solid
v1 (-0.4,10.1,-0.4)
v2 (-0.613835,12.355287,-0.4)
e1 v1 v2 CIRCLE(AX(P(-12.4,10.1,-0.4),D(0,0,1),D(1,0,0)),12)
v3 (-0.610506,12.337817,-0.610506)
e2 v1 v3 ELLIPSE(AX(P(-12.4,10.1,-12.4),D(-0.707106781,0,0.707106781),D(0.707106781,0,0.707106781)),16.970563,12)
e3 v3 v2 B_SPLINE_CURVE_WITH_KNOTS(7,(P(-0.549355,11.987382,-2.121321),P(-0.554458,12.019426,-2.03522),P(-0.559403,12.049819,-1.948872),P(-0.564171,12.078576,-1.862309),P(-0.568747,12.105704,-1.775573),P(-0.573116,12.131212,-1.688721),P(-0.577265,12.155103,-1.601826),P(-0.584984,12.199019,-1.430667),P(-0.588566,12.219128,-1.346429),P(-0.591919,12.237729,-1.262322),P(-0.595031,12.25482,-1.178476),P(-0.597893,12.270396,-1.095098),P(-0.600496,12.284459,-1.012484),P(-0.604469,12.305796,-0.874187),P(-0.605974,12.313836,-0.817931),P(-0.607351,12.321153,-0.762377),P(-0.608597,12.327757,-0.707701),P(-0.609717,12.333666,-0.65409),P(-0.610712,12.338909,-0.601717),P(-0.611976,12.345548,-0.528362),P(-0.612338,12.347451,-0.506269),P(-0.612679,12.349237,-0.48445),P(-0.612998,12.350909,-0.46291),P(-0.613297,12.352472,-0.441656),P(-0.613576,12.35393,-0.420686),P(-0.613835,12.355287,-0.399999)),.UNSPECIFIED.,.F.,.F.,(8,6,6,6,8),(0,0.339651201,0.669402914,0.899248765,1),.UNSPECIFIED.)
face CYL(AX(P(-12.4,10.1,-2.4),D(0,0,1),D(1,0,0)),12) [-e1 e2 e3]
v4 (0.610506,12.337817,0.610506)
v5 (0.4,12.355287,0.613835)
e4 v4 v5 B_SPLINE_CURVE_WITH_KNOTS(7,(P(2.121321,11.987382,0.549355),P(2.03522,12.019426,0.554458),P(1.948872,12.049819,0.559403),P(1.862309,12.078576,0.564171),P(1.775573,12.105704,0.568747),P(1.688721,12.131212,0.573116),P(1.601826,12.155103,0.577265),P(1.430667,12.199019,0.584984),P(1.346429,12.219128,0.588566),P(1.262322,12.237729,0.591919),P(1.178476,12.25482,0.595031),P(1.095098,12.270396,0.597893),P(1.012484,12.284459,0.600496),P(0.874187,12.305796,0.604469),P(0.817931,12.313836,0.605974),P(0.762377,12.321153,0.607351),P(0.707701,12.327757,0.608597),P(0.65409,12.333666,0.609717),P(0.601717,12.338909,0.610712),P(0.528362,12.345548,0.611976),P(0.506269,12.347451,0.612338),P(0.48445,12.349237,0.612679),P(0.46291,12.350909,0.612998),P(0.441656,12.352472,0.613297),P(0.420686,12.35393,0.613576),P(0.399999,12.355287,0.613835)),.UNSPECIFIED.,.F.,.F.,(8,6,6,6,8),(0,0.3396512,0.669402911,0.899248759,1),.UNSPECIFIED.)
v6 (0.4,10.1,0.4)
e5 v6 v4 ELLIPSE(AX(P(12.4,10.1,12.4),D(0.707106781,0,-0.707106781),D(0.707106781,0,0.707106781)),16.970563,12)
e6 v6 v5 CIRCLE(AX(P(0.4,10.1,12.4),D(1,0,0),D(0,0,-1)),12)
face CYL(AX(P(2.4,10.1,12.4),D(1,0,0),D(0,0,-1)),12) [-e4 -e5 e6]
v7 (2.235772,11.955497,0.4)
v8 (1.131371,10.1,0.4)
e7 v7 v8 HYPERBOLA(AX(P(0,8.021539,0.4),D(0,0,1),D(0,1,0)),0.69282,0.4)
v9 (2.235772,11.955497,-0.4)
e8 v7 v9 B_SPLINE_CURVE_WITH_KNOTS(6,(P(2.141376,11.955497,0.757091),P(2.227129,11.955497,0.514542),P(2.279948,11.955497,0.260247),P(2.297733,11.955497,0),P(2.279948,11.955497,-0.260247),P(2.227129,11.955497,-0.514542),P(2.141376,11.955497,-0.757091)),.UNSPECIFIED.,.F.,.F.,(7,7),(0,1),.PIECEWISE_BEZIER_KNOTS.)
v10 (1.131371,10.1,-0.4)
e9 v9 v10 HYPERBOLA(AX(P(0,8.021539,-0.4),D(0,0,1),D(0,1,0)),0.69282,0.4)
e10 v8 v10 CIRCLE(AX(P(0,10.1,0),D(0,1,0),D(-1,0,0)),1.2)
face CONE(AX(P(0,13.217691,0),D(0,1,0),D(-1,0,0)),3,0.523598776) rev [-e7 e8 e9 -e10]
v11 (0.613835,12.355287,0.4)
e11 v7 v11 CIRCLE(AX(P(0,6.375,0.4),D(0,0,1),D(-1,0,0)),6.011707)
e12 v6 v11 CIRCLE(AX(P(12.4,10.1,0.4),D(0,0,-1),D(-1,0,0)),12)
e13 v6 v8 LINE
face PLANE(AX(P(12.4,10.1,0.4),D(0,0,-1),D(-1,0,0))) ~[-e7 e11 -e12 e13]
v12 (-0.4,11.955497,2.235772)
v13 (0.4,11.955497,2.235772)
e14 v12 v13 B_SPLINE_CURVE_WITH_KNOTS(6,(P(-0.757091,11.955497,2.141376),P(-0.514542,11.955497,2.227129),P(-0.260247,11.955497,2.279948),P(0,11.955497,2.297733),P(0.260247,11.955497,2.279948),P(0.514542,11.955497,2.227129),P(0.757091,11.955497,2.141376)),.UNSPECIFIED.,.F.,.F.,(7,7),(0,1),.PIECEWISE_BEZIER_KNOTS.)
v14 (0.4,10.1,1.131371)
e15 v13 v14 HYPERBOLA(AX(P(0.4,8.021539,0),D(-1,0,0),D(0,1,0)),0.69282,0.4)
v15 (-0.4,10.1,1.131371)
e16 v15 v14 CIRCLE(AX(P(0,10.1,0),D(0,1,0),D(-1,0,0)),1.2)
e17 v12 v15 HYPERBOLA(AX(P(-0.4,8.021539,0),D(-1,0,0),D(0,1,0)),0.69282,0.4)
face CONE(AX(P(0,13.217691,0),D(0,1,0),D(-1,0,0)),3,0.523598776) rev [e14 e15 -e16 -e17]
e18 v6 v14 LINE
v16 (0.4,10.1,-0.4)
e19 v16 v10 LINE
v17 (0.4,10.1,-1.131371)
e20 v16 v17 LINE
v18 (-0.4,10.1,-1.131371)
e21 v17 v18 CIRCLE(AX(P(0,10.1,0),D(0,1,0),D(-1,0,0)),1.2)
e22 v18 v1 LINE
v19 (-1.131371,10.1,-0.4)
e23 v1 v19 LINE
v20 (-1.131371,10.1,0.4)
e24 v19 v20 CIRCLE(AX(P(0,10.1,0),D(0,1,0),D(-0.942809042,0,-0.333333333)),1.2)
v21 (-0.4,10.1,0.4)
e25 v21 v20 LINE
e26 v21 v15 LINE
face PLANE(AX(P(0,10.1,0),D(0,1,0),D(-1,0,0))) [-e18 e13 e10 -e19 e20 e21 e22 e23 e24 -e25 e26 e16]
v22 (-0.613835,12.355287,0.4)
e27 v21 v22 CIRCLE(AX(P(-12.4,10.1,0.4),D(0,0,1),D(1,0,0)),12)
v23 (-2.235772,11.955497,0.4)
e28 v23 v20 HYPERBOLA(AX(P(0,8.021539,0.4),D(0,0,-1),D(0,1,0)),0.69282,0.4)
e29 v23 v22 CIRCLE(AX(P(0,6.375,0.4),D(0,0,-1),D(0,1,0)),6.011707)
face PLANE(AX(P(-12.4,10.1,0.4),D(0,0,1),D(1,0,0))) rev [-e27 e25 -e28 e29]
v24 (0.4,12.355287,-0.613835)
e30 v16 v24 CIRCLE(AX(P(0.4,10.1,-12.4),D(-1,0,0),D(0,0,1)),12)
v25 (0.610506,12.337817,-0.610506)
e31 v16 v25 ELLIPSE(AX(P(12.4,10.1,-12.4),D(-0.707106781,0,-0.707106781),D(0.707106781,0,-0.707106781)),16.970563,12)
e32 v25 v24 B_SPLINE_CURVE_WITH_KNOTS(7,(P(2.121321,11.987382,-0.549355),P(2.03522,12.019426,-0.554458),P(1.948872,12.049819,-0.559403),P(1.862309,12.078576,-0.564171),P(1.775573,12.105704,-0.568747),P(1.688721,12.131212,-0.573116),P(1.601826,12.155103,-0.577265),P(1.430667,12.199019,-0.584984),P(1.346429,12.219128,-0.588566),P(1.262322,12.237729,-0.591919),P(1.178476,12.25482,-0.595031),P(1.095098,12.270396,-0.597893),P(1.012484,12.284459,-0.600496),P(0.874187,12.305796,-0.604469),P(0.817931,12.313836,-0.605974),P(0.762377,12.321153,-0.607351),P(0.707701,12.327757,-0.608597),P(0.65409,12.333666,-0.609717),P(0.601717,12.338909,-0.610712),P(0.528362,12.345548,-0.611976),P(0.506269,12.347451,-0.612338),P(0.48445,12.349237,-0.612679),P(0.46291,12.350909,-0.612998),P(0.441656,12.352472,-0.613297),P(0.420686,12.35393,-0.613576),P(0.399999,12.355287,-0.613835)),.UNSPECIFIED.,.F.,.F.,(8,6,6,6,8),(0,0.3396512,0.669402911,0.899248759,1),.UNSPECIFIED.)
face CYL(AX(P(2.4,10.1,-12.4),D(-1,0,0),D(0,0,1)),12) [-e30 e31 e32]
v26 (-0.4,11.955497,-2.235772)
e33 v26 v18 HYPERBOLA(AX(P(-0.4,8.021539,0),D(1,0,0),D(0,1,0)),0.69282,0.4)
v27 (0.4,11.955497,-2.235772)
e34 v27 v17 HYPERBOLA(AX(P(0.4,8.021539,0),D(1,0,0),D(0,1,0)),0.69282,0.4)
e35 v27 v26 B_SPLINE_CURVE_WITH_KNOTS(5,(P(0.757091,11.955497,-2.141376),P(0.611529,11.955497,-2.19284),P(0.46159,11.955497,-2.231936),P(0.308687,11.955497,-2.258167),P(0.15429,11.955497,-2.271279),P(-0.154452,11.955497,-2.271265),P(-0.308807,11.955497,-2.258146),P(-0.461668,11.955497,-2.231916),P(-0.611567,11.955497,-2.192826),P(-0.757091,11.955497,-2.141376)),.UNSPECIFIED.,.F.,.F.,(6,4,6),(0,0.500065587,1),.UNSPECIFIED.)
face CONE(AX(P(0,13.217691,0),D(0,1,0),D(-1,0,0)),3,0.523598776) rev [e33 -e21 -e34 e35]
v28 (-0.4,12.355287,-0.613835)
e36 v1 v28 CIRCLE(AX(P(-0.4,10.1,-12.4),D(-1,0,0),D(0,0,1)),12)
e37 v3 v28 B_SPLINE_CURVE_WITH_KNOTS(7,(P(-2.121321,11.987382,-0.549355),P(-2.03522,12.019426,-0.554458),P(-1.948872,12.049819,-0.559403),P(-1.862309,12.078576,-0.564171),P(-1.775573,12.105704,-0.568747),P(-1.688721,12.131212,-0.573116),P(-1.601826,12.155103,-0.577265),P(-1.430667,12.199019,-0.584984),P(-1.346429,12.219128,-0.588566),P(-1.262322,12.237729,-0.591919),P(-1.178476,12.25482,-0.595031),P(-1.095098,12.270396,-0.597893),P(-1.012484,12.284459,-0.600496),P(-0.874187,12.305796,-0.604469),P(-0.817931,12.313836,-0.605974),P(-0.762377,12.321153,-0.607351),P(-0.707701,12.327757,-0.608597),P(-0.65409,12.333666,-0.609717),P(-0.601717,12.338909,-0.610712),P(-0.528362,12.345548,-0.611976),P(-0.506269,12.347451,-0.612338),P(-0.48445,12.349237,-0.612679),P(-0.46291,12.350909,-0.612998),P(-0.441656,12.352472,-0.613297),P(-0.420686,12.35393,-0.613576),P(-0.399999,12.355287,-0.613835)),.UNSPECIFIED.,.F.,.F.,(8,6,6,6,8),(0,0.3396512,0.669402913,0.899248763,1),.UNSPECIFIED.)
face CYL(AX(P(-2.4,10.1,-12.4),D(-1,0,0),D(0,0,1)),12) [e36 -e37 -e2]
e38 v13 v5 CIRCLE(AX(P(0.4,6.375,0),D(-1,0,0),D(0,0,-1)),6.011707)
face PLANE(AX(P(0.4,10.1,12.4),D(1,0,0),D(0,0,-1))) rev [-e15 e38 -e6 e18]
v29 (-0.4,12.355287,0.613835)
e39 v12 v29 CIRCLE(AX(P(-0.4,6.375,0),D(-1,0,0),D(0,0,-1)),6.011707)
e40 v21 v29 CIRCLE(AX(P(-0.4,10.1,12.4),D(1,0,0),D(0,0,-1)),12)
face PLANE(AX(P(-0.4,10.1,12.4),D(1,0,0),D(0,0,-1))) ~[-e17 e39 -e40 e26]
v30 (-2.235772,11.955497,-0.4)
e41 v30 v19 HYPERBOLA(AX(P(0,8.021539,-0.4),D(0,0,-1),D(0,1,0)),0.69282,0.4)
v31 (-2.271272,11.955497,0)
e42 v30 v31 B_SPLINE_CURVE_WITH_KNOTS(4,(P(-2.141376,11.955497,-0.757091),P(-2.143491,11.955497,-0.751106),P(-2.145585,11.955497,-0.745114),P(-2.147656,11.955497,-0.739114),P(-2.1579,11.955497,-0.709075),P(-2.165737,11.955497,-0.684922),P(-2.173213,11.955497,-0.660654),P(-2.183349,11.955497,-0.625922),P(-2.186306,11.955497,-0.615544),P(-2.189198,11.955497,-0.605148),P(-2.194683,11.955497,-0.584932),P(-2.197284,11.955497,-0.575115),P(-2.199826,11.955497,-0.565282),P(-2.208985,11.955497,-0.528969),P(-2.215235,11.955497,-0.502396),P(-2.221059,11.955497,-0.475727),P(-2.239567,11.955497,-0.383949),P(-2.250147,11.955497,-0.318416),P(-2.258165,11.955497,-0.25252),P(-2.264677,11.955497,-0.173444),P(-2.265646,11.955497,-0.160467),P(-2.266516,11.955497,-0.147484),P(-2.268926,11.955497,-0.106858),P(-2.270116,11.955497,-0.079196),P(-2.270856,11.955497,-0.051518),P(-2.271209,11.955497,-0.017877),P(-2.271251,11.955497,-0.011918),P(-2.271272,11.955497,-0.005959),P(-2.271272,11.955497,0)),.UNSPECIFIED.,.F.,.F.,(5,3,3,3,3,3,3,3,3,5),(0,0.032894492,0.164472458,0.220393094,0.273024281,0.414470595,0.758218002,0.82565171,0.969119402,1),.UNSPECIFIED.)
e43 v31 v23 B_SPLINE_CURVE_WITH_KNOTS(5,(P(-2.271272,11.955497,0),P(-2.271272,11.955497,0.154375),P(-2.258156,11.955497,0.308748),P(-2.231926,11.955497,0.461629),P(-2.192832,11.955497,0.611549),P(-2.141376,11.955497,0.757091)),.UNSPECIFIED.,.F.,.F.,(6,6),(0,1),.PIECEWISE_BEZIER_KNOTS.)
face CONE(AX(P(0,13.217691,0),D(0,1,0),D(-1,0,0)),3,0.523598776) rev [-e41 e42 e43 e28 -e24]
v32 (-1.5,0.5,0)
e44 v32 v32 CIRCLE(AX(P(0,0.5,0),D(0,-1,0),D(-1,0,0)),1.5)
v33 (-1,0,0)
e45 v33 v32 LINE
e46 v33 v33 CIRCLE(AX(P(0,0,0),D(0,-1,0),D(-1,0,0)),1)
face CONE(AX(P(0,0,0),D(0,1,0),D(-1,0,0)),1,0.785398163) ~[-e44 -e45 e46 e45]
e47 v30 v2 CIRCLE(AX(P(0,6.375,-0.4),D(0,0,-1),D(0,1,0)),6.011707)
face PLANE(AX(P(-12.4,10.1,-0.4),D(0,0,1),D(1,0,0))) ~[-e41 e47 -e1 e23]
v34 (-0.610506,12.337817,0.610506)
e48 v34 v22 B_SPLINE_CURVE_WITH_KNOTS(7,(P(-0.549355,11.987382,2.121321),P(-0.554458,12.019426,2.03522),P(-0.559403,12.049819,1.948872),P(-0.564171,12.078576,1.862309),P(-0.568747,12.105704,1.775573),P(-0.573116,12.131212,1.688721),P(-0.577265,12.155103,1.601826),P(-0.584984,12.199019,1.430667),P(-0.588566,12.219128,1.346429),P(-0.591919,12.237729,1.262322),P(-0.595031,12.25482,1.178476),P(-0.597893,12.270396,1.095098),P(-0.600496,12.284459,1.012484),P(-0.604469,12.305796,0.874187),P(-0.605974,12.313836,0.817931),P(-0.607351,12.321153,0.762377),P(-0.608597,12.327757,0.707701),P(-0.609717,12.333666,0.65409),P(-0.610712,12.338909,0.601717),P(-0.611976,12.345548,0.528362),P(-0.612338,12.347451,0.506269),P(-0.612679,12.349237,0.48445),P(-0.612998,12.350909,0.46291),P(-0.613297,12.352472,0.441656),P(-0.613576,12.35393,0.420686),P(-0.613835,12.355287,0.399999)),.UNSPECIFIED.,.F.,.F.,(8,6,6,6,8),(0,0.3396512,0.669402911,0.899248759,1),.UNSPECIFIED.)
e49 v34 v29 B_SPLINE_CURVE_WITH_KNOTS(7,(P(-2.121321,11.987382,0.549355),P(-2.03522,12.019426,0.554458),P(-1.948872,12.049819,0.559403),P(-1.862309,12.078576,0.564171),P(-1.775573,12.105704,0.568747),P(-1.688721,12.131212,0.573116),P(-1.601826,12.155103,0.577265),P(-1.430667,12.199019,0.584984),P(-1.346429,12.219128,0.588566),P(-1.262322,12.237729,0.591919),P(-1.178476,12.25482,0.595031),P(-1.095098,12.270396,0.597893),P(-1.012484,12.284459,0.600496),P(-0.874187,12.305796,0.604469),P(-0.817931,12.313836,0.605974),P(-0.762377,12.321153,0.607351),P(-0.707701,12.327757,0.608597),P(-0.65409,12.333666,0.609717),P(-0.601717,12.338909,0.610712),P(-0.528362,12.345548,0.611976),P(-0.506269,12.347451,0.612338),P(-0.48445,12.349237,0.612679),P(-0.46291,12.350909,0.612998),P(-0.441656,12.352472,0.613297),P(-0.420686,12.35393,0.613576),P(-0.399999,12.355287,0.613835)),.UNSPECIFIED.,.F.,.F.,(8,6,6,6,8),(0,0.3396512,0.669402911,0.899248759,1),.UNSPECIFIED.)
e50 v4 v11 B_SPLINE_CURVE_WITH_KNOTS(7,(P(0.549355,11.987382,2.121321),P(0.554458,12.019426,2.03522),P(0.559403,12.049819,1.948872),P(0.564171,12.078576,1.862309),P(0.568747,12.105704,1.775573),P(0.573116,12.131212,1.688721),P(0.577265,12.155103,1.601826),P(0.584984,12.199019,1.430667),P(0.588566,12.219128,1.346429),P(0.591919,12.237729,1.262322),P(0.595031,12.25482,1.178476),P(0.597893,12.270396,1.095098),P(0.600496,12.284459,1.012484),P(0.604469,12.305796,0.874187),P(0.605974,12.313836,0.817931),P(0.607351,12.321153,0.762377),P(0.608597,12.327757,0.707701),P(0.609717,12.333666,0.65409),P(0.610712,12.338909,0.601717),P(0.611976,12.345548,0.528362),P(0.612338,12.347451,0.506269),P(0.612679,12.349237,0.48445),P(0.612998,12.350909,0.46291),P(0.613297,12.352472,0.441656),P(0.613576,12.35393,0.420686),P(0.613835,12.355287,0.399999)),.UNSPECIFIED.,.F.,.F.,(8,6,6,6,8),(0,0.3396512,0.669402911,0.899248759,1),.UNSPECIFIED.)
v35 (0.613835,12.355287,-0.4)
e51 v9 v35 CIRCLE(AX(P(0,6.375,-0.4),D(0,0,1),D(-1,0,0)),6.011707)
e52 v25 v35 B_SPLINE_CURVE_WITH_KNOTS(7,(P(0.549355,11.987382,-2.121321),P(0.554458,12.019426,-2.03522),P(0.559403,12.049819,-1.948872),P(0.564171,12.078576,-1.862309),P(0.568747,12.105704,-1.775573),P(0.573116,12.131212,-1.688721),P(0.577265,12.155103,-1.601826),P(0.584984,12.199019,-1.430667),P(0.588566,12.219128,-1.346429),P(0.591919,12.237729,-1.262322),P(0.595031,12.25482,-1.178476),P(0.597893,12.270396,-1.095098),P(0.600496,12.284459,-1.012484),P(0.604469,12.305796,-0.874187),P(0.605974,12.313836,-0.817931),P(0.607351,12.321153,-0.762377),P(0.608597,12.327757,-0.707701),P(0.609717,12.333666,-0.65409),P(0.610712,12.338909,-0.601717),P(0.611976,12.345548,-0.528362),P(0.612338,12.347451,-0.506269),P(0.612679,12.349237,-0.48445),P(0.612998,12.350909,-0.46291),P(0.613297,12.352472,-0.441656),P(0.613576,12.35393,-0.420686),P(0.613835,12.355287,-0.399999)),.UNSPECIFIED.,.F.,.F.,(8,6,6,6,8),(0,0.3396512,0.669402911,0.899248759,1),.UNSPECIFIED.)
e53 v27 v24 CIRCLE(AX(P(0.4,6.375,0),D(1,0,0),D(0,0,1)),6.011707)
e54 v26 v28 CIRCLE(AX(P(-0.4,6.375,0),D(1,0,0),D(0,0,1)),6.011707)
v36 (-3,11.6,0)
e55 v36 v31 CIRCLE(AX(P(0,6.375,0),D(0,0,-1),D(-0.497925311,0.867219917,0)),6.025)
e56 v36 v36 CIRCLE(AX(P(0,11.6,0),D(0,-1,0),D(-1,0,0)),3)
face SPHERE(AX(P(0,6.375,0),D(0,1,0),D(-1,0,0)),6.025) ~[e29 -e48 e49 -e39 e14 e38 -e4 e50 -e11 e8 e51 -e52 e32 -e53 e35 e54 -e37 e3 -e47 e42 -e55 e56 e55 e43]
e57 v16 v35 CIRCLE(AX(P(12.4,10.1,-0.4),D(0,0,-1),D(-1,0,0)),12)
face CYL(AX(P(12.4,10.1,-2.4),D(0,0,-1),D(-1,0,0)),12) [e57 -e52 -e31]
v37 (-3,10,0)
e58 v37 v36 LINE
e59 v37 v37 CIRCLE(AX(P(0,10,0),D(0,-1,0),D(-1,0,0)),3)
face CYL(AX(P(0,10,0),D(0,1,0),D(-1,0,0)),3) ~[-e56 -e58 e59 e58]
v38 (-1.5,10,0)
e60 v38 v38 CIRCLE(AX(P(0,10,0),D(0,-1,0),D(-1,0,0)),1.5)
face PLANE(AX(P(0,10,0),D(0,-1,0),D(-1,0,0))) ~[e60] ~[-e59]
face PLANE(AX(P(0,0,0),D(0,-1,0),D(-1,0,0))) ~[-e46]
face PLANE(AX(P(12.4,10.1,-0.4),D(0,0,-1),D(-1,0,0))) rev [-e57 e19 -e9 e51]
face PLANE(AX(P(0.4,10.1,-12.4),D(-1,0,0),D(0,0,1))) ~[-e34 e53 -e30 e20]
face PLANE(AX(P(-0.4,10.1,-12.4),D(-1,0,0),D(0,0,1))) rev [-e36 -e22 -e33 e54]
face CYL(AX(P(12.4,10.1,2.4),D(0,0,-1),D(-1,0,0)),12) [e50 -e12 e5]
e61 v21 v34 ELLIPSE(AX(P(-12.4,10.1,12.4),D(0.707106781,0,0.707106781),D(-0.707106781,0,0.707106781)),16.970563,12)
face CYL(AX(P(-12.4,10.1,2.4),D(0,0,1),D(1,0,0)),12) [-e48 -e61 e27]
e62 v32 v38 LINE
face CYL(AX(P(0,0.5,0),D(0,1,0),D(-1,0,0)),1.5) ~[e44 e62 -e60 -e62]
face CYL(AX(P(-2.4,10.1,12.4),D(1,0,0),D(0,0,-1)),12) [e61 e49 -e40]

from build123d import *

# Parameters (mm, degrees)
ESQUISSE5_W                  = 12
ESQUISSE5_H                  = 4
R_P_TITION_CIRCULAIRE1_COUNT = 4


with BuildPart() as part:
    # Esquisse1 → Révolution1 (revolve)
    with BuildSketch(Plane.XY):
        with BuildLine():
            Line((0, 0), (-1, 0))
            Line((-1, 0), (-1.5, 0.5))
            Line((-1.5, 0.5), (-1.5, 10))
            Line((-1.5, 10), (-3, 10))
            Line((-3, 10), (-3, 11.6))
            ThreePointArc((-3, 11.6), (-1.55241747, 12.196565511), (0, 12.4))
            Line((0, 12.4), (0, 0))
        make_face()
    revolve(axis=Axis((0, 12.4, 0), (0, -1, 0)))


with BuildPart() as body_2:
    # Esquisse4 → Révolution2 (revolve)
    with BuildSketch(Plane.XY):
        Polygon((0, 20.1), (-3, 20.1), (-3, 13.217691454), (-1.2, 10.1), (0, 10.1), align=None)
    revolve(axis=Axis((0, 10.1, 0), (0, 1, 0)))

    # Esquisse5 → Enlèvement de matière-Révolution2 (revolve, cut)
    with BuildSketch(Plane.XZ.offset(-10.1)):
        with Locations((-6.4, -2.4)):
            Rectangle(ESQUISSE5_W, ESQUISSE5_H)
        with Locations((-6.4, 2.4)):
            Rectangle(ESQUISSE5_W, ESQUISSE5_H)
    enl_vement_de_mati_re_r_volution2 = revolve(axis=Axis((-12.4, 10.1, 0.4), (0, 0, 1)), mode=Mode.SUBTRACT)

    # Répétition circulaire1: Enlèvement de matière-Révolution2 ×4 about axis
    r_p_tition_circulaire1_axis = Axis((0, 0, 0), (0, 1, 0))
    for i in range(1, R_P_TITION_CIRCULAIRE1_COUNT):
        add(enl_vement_de_mati_re_r_volution2.rotate(r_p_tition_circulaire1_axis, i * 360 / R_P_TITION_CIRCULAIRE1_COUNT), mode=Mode.SUBTRACT)


with BuildPart() as part_1:
    add(part.part)

    # Combiner1: cut body 2
    add(body_2.part, mode=Mode.SUBTRACT)


solid = part_1.part
